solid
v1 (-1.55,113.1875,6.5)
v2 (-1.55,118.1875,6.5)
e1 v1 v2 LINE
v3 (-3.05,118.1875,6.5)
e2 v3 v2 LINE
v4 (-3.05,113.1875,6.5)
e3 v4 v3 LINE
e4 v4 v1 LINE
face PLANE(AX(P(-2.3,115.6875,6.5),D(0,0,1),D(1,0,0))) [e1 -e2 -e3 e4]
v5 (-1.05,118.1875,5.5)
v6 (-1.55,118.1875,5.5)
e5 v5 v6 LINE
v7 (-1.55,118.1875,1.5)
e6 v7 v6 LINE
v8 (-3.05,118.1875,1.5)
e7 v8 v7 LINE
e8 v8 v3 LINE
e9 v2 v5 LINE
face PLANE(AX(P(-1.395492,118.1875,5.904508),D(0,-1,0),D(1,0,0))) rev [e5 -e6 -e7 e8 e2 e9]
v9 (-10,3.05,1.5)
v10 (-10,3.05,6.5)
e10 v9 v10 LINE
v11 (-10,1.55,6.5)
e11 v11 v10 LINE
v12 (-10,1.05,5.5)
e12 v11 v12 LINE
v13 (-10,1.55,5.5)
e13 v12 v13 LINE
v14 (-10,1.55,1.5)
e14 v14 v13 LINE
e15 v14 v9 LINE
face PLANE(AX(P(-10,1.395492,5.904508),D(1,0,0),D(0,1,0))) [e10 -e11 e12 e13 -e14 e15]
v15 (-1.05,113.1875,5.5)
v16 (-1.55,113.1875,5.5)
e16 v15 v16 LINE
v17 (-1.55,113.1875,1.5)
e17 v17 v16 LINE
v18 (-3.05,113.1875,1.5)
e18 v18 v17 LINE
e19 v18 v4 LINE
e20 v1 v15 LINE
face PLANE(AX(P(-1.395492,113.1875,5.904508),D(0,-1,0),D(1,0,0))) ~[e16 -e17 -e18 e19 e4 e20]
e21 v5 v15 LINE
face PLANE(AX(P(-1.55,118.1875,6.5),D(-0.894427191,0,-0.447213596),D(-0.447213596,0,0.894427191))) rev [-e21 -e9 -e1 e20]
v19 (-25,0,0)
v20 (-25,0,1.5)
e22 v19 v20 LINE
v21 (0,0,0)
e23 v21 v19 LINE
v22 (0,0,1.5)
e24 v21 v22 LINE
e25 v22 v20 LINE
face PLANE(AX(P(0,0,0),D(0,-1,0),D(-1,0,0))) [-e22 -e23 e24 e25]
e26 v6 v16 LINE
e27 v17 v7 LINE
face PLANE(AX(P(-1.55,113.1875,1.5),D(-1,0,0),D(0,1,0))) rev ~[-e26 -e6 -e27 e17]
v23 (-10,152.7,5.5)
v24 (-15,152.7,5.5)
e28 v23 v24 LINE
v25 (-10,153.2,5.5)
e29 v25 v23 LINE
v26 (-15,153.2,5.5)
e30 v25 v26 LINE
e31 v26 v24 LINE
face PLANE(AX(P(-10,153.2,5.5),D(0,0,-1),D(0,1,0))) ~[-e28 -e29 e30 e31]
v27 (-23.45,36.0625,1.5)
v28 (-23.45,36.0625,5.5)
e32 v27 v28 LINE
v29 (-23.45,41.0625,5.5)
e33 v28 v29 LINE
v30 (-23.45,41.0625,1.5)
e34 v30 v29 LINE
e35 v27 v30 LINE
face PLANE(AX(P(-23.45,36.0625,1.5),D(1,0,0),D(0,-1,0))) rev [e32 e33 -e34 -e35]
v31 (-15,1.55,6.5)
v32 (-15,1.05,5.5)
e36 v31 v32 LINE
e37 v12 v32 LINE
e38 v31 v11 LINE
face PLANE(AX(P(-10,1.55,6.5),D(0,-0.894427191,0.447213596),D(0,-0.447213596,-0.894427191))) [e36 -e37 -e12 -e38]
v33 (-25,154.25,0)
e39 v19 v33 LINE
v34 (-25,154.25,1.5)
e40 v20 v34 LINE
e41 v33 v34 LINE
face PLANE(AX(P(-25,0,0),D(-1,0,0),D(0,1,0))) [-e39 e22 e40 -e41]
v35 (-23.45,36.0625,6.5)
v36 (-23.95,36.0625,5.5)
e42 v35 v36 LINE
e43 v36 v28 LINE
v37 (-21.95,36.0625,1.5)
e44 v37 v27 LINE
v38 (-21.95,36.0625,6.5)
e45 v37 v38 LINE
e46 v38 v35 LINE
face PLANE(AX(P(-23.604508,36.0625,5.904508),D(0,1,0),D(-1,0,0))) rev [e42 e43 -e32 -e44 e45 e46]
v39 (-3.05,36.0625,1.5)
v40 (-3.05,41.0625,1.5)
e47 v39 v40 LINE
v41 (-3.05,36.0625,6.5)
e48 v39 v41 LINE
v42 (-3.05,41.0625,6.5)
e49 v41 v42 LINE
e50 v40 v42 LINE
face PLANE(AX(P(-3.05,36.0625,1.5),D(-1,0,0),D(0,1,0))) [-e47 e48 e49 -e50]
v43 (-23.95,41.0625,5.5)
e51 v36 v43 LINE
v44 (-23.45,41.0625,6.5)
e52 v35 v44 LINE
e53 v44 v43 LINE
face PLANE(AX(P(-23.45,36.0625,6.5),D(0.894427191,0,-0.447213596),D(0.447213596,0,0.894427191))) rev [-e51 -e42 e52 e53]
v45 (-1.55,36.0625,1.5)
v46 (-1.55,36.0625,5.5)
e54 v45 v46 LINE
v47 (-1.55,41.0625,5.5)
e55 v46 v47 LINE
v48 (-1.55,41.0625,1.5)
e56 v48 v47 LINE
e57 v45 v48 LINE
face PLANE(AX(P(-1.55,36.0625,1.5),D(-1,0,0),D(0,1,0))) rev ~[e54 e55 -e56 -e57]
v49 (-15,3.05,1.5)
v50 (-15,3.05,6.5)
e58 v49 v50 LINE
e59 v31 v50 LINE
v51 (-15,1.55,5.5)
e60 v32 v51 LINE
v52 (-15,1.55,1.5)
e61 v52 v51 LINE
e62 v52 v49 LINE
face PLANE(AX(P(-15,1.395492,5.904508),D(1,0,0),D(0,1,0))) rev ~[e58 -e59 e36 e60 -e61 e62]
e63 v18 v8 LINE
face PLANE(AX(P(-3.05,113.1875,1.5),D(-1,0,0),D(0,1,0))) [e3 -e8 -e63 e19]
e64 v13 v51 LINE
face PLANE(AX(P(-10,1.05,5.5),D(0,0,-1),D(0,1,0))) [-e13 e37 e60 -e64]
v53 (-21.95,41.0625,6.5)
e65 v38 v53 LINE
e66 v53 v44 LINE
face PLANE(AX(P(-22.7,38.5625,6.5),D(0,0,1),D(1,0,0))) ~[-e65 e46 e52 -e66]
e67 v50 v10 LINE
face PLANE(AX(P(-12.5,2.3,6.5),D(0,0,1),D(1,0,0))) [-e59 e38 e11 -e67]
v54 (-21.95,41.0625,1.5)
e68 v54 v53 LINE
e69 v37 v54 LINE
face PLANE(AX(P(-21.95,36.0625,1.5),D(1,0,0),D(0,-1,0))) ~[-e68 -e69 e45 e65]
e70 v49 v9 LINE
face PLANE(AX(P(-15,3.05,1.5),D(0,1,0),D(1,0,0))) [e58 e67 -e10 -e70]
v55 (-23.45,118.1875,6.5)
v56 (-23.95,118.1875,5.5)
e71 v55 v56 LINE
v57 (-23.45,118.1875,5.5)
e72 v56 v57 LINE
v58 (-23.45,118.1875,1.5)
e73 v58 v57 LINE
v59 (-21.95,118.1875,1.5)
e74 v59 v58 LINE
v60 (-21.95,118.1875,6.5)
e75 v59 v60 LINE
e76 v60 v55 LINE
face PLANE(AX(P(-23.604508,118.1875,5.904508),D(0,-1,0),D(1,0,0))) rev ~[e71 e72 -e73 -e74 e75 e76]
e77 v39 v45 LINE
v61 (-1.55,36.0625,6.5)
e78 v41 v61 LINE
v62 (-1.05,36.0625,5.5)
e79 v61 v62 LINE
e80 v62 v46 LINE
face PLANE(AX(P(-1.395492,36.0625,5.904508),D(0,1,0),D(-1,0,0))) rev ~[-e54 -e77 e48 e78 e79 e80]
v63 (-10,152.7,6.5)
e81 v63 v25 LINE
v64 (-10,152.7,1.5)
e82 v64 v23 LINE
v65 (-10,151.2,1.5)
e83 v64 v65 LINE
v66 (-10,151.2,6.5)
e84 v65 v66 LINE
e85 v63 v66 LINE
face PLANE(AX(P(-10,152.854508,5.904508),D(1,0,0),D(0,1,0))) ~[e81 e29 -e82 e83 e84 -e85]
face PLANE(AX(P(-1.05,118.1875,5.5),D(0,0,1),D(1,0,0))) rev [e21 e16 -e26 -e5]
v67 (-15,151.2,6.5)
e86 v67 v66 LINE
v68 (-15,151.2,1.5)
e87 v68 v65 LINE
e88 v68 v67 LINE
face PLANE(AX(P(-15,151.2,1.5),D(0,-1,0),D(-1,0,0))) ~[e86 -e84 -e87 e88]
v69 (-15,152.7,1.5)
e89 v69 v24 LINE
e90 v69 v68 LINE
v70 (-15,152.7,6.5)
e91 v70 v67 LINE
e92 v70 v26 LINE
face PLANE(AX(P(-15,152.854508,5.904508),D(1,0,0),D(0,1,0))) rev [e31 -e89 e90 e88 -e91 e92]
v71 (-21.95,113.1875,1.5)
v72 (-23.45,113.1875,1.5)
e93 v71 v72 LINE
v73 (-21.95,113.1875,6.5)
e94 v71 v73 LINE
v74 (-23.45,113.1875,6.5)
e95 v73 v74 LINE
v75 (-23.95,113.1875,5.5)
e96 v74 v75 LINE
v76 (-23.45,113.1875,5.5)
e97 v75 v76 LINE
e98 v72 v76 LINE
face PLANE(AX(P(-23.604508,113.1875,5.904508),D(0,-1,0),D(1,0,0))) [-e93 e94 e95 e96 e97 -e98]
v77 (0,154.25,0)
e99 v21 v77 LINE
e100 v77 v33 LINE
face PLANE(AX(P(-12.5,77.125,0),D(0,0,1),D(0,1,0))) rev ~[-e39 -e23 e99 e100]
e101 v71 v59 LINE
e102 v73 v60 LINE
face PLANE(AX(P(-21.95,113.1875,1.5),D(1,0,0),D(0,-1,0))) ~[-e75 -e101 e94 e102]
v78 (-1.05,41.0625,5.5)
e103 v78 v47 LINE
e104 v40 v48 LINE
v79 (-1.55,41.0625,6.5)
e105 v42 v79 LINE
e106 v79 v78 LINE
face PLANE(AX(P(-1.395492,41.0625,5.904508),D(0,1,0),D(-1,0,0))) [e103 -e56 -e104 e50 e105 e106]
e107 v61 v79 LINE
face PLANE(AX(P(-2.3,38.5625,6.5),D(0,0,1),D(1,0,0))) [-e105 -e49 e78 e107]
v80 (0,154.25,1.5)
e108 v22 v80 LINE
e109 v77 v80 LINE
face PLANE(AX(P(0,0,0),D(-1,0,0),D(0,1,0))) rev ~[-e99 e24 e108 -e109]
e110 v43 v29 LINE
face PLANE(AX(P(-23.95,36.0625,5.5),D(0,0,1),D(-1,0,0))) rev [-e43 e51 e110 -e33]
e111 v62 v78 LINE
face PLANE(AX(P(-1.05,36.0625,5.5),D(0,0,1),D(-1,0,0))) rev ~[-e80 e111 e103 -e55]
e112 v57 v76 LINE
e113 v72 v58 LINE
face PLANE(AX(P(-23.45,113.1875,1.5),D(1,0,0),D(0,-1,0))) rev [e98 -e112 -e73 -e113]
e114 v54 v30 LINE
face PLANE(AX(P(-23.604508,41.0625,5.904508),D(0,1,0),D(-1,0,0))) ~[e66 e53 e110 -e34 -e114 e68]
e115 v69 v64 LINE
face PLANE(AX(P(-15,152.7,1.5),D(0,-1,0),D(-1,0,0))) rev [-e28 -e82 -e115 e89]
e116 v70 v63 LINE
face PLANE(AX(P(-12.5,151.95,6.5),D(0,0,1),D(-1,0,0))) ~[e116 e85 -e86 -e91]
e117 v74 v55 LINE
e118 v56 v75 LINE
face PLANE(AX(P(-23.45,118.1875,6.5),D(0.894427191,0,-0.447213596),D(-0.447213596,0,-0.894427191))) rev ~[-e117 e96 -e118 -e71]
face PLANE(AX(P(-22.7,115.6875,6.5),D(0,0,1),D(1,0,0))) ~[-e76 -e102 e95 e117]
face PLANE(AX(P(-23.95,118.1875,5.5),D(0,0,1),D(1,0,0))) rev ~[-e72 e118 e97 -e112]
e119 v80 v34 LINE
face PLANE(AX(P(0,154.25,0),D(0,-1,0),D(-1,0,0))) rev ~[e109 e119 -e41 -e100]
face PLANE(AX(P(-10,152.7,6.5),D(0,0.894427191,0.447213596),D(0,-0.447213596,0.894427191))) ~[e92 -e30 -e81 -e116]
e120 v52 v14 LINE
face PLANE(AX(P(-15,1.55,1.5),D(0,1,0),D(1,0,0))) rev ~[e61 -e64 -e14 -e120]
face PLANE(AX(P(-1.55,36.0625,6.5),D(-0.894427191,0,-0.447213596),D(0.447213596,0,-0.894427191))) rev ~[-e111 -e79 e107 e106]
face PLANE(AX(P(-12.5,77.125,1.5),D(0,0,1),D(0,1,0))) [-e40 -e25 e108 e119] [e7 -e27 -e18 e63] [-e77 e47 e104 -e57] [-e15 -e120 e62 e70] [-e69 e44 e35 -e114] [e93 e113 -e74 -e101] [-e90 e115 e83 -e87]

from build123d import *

# Parameters (mm, degrees)
SKETCH2_W            = 154.25
SKETCH2_H            = 25
BOSS_EXTRUDE1_DEPTH  = 1.5
SKETCH3_W            = 5
SKETCH3_H            = 1.5
BOSS_EXTRUDE2_DEPTH  = 5
BOSS_EXTRUDE3_DEPTH  = 5
SKETCH5_W            = 1.5
SKETCH5_H            = 5
BOSS_EXTRUDE4_DEPTH  = 5
BOSS_EXTRUDE5_DEPTH  = 5
MIRROR5_COPY_1_DEPTH = 5


with BuildPart() as part:
    # Sketch2 → Boss-Extrude1 (new body)
    with BuildSketch(Plane(origin=(0, 0, 0), x_dir=(0, 1, 0), z_dir=(0, 0, 1))):
        with Locations((77.125, 12.5)):
            Rectangle(SKETCH2_W, SKETCH2_H)
    extrude(amount=BOSS_EXTRUDE1_DEPTH)

    # Sketch3 → Boss-Extrude2 (add)
    with BuildSketch(Plane.XY.offset(1.5)):
        with Locations((-12.5, 2.3)):
            Rectangle(SKETCH3_W, SKETCH3_H)
    boss_extrude2 = extrude(amount=BOSS_EXTRUDE2_DEPTH)

    # Sketch4 → Boss-Extrude3 (add)
    with BuildSketch(Plane.YZ.offset(-10)):
        Polygon((1.55, 6.5), (1.05, 5.5), (1.55, 5.5), align=None)
    boss_extrude3 = extrude(amount=-BOSS_EXTRUDE3_DEPTH)

    # Sketch5 → Boss-Extrude4 (add)
    with BuildSketch(Plane.XY.offset(1.5)):
        with Locations((-2.3, 38.5625)):
            Rectangle(SKETCH5_W, SKETCH5_H)
        with Locations((-2.3, 115.6875)):
            Rectangle(SKETCH5_W, SKETCH5_H)
    boss_extrude4 = extrude(amount=BOSS_EXTRUDE4_DEPTH)

    # Sketch6 → Boss-Extrude5 (add)
    with BuildSketch(Plane.XZ.offset(-36.0625)):
        Polygon((-1.55, 6.5), (-1.05, 5.5), (-1.55, 5.5), align=None)
    boss_extrude5 = extrude(amount=-BOSS_EXTRUDE5_DEPTH)

    # Mirror2: Boss-Extrude5 across plane
    add(boss_extrude5.mirror(Plane(origin=(0, 77.125, 0), x_dir=(0, 0, 1), z_dir=(0, -1, 0))))

    # Mirror3: Boss-Extrude2 across plane
    add(boss_extrude2.mirror(Plane(origin=(0, 77.125, 0), x_dir=(0, 0, 1), z_dir=(0, -1, 0))))

    # Mirror4: Boss-Extrude3 across plane
    add(boss_extrude3.mirror(Plane(origin=(0, 77.125, 0), x_dir=(0, 0, 1), z_dir=(0, -1, 0))))

    # Mirror5: Boss-Extrude4, Boss-Extrude5 across plane
    add(boss_extrude4.mirror(Plane(origin=(-12.5, 0, 0), x_dir=(0, 0, 1), z_dir=(1, 0, 0))))
    add(boss_extrude5.mirror(Plane(origin=(-12.5, 0, 0), x_dir=(0, 0, 1), z_dir=(1, 0, 0))))

    # Mirror5 copy 1 sketch → Mirror5 copy 1 (add)
    with BuildSketch(Plane(origin=(-25, 118.1875, 0), x_dir=(-1, 0, 0), z_dir=(0, 1, 0))):
        Polygon((-1.55, 6.5), (-1.05, 5.5), (-1.55, 5.5), align=None)
    extrude(amount=-MIRROR5_COPY_1_DEPTH)


solid = part.part
